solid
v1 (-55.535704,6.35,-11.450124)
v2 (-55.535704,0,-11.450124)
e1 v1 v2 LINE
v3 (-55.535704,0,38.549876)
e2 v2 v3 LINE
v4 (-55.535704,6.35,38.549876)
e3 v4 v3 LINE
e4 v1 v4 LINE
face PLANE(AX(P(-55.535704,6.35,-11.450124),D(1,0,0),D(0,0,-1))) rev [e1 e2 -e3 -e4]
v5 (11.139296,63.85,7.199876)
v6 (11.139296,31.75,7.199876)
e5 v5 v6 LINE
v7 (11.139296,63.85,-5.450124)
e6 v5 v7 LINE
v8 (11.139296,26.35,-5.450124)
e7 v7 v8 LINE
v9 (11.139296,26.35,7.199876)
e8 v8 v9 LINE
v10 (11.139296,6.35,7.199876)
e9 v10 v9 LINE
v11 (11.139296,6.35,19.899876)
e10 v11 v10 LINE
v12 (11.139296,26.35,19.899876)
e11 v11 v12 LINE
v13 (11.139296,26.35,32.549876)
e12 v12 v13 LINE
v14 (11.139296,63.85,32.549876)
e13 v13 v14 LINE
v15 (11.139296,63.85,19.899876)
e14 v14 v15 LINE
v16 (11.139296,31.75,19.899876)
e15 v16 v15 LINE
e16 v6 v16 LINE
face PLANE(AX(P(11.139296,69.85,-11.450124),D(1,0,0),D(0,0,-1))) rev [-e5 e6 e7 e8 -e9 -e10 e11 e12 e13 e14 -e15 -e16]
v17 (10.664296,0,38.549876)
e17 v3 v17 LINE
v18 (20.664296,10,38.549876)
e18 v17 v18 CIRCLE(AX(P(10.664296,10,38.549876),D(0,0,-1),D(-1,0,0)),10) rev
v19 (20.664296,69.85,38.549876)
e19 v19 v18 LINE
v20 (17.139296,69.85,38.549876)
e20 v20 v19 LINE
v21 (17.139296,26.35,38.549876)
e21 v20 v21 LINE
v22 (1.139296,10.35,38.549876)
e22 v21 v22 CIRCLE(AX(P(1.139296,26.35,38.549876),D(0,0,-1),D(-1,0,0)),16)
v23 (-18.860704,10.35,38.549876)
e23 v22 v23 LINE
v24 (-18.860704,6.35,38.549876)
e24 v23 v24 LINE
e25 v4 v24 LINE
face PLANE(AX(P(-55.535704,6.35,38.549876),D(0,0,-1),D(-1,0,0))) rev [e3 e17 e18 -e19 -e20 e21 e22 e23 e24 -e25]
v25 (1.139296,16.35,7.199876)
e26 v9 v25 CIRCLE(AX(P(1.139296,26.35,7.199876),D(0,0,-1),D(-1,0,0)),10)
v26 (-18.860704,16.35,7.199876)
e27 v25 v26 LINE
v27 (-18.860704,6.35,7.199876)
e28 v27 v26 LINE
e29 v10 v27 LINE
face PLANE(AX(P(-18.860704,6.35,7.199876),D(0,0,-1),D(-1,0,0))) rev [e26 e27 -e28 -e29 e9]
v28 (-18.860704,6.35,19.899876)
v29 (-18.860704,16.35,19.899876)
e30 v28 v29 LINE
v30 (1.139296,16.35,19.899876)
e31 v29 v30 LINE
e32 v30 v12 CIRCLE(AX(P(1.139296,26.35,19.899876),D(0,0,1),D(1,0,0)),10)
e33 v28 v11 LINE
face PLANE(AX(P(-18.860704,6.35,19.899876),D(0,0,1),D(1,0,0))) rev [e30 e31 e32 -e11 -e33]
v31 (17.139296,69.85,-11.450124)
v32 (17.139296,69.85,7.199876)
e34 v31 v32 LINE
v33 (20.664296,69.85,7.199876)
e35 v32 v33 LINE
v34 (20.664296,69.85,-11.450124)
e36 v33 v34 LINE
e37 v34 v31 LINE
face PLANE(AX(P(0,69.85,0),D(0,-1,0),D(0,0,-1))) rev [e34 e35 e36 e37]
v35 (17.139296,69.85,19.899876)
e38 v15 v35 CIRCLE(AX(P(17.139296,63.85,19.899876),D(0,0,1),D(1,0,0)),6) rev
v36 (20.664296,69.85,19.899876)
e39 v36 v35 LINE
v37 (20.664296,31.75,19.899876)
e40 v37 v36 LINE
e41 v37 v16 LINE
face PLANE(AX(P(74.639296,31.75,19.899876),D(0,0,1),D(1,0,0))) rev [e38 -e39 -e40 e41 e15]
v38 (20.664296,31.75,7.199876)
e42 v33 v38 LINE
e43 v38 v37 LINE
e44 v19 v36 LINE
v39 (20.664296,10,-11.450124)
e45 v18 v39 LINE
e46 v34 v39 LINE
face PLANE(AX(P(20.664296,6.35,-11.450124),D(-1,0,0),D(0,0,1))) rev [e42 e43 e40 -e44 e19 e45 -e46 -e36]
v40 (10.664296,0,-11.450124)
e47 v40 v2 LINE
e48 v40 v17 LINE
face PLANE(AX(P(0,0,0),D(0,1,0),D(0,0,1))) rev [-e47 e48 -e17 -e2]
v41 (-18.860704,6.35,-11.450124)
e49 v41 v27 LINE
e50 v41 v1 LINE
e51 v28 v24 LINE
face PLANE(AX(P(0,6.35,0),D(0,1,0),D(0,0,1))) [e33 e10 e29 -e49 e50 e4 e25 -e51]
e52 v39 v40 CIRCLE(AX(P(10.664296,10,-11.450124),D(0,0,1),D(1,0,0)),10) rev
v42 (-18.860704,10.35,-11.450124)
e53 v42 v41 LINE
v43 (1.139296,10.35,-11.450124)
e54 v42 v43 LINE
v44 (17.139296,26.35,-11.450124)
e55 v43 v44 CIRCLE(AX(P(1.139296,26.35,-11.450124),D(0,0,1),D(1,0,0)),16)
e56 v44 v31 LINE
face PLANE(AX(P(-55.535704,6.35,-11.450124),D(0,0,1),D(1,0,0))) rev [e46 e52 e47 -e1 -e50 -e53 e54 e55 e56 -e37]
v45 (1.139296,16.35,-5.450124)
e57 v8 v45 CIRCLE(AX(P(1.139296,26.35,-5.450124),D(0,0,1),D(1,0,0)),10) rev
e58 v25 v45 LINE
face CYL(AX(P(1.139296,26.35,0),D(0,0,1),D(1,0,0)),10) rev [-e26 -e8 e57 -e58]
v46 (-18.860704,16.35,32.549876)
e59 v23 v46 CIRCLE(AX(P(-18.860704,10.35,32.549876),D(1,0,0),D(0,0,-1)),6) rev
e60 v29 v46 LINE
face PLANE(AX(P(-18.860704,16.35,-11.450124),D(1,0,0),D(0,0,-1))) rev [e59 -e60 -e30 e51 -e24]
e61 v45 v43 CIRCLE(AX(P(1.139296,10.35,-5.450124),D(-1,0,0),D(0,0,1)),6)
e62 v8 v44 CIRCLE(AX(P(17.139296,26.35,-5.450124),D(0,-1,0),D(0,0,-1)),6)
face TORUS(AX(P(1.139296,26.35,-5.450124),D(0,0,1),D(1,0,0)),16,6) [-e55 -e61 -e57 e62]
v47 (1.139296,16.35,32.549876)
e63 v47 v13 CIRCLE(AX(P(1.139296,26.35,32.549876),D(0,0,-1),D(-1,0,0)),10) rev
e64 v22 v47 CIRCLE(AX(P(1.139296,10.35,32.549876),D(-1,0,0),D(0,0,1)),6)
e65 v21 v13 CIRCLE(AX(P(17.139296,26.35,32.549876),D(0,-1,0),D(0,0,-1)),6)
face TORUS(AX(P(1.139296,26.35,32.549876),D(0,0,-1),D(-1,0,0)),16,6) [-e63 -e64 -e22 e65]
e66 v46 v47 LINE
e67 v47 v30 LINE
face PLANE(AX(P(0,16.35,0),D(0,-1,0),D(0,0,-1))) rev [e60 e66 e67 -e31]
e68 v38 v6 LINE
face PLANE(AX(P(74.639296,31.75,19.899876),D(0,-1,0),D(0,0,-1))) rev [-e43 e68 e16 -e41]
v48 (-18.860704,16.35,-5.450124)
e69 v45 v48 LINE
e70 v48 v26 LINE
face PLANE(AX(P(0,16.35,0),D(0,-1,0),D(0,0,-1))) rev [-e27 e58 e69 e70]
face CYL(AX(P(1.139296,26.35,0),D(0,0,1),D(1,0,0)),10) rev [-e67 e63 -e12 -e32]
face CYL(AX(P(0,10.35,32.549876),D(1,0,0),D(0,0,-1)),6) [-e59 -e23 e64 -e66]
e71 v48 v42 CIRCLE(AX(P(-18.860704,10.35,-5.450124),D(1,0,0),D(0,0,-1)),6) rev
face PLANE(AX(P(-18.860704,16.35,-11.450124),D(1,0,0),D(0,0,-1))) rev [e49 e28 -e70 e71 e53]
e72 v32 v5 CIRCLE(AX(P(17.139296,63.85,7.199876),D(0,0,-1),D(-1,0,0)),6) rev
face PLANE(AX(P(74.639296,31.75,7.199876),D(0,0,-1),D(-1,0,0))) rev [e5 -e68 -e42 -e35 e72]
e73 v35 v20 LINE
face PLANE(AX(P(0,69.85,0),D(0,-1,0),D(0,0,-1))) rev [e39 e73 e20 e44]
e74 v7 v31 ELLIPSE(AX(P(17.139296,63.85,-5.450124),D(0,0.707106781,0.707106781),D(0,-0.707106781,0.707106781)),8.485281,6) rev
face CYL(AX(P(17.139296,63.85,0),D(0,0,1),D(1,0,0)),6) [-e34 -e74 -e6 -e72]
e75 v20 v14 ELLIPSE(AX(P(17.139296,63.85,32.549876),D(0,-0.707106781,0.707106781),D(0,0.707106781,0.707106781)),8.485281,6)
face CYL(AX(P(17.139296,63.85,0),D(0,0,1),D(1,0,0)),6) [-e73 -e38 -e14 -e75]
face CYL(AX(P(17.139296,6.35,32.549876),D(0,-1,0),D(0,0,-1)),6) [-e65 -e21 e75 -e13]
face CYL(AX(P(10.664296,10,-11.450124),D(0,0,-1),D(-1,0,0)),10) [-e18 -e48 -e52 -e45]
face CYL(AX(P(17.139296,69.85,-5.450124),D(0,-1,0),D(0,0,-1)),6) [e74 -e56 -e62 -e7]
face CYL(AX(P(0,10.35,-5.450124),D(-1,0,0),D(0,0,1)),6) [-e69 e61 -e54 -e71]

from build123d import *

# Parameters (mm, degrees)
SKETCH1_W           = 76.2
SKETCH1_H           = 50
BOSS_EXTRUDE1_DEPTH = 6.35
SKETCH2_W           = 9.525
SKETCH2_H           = 50
BOSS_EXTRUDE2_DEPTH = 63.5
SKETCH3_W           = 12.7
SKETCH3_H           = 38.1
CUT_EXTRUDE1_DEPTH  = 63.5
SKETCH4_W           = 30
SKETCH4_H           = 50
BOSS_EXTRUDE3_DEPTH = 10
SKETCH5_W           = 30
SKETCH5_H           = 12.7
CUT_EXTRUDE2_DEPTH  = 10
FILLET2_R           = 10
FILLET3_R           = 6
FILLET4_R           = 10


with BuildPart() as part:
    # Sketch1 → Boss-Extrude1 (new body)
    with BuildSketch(Plane(origin=(0, 0, 0), x_dir=(1, 0, 0), z_dir=(0, 1, 0))):
        with Locations((-17.435704212, -13.54987632)):
            Rectangle(SKETCH1_W, SKETCH1_H)
    extrude(amount=BOSS_EXTRUDE1_DEPTH)

    # Sketch2 → Boss-Extrude2 (add)
    with BuildSketch(Plane(origin=(0, 6.35, 0), x_dir=(1, 0, 0), z_dir=(0, 1, 0))):
        with Locations((15.901795788, -13.54987632)):
            Rectangle(SKETCH2_W, SKETCH2_H)
    extrude(amount=BOSS_EXTRUDE2_DEPTH)

    # Sketch3 → Cut-Extrude1 (cut)
    with BuildSketch(Plane.ZY.offset(-11.139295788)):
        with Locations((13.54987632, 50.8)):
            Rectangle(SKETCH3_W, SKETCH3_H)
    extrude(amount=-CUT_EXTRUDE1_DEPTH, mode=Mode.SUBTRACT)

    # Sketch4 → Boss-Extrude3 (add)
    with BuildSketch(Plane(origin=(0, 6.35, 0), x_dir=(1, 0, 0), z_dir=(0, 1, 0))):
        with Locations((-3.860704212, -13.54987632)):
            Rectangle(SKETCH4_W, SKETCH4_H)
    extrude(amount=BOSS_EXTRUDE3_DEPTH)

    # Sketch5 → Cut-Extrude2 (cut)
    with BuildSketch(Plane(origin=(0, 16.35, 0), x_dir=(1, 0, 0), z_dir=(0, 1, 0))):
        with Locations((-3.860704212, -13.54987632)):
            Rectangle(SKETCH5_W, SKETCH5_H)
    extrude(amount=-CUT_EXTRUDE2_DEPTH, mode=Mode.SUBTRACT)

    # Fillet2
    fillet2_edges = [part.edges().sort_by_distance(p)[0] for p in [
        (11.139295788, 16.35, 29.22487632),
        (11.139295788, 16.35, -2.12512368),
    ]]
    fillet(fillet2_edges, radius=FILLET2_R)

    # Fillet3
    fillet3_edges = [part.edges().sort_by_distance(p)[0] for p in [
        (11.139295788, 48.1, -11.45012368),
        (11.139295788, 48.1, 38.54987632),
        (11.139295788, 69.85, -2.12512368),
        (11.139295788, 69.85, 29.22487632),
        (-8.860704212, 16.35, 38.54987632),
        (-8.860704212, 16.35, -11.45012368),
        (8.210363599, 19.278932188, -11.45012368),
        (8.210363599, 19.278932188, 38.54987632),
    ]]
    fillet(fillet3_edges, radius=FILLET3_R)

    # Fillet4
    fillet4_edges = [part.edges().sort_by_distance(p)[0] for p in [
        (20.664295788, 0, 13.54987632),
    ]]
    fillet(fillet4_edges, radius=FILLET4_R)


solid = part.part
